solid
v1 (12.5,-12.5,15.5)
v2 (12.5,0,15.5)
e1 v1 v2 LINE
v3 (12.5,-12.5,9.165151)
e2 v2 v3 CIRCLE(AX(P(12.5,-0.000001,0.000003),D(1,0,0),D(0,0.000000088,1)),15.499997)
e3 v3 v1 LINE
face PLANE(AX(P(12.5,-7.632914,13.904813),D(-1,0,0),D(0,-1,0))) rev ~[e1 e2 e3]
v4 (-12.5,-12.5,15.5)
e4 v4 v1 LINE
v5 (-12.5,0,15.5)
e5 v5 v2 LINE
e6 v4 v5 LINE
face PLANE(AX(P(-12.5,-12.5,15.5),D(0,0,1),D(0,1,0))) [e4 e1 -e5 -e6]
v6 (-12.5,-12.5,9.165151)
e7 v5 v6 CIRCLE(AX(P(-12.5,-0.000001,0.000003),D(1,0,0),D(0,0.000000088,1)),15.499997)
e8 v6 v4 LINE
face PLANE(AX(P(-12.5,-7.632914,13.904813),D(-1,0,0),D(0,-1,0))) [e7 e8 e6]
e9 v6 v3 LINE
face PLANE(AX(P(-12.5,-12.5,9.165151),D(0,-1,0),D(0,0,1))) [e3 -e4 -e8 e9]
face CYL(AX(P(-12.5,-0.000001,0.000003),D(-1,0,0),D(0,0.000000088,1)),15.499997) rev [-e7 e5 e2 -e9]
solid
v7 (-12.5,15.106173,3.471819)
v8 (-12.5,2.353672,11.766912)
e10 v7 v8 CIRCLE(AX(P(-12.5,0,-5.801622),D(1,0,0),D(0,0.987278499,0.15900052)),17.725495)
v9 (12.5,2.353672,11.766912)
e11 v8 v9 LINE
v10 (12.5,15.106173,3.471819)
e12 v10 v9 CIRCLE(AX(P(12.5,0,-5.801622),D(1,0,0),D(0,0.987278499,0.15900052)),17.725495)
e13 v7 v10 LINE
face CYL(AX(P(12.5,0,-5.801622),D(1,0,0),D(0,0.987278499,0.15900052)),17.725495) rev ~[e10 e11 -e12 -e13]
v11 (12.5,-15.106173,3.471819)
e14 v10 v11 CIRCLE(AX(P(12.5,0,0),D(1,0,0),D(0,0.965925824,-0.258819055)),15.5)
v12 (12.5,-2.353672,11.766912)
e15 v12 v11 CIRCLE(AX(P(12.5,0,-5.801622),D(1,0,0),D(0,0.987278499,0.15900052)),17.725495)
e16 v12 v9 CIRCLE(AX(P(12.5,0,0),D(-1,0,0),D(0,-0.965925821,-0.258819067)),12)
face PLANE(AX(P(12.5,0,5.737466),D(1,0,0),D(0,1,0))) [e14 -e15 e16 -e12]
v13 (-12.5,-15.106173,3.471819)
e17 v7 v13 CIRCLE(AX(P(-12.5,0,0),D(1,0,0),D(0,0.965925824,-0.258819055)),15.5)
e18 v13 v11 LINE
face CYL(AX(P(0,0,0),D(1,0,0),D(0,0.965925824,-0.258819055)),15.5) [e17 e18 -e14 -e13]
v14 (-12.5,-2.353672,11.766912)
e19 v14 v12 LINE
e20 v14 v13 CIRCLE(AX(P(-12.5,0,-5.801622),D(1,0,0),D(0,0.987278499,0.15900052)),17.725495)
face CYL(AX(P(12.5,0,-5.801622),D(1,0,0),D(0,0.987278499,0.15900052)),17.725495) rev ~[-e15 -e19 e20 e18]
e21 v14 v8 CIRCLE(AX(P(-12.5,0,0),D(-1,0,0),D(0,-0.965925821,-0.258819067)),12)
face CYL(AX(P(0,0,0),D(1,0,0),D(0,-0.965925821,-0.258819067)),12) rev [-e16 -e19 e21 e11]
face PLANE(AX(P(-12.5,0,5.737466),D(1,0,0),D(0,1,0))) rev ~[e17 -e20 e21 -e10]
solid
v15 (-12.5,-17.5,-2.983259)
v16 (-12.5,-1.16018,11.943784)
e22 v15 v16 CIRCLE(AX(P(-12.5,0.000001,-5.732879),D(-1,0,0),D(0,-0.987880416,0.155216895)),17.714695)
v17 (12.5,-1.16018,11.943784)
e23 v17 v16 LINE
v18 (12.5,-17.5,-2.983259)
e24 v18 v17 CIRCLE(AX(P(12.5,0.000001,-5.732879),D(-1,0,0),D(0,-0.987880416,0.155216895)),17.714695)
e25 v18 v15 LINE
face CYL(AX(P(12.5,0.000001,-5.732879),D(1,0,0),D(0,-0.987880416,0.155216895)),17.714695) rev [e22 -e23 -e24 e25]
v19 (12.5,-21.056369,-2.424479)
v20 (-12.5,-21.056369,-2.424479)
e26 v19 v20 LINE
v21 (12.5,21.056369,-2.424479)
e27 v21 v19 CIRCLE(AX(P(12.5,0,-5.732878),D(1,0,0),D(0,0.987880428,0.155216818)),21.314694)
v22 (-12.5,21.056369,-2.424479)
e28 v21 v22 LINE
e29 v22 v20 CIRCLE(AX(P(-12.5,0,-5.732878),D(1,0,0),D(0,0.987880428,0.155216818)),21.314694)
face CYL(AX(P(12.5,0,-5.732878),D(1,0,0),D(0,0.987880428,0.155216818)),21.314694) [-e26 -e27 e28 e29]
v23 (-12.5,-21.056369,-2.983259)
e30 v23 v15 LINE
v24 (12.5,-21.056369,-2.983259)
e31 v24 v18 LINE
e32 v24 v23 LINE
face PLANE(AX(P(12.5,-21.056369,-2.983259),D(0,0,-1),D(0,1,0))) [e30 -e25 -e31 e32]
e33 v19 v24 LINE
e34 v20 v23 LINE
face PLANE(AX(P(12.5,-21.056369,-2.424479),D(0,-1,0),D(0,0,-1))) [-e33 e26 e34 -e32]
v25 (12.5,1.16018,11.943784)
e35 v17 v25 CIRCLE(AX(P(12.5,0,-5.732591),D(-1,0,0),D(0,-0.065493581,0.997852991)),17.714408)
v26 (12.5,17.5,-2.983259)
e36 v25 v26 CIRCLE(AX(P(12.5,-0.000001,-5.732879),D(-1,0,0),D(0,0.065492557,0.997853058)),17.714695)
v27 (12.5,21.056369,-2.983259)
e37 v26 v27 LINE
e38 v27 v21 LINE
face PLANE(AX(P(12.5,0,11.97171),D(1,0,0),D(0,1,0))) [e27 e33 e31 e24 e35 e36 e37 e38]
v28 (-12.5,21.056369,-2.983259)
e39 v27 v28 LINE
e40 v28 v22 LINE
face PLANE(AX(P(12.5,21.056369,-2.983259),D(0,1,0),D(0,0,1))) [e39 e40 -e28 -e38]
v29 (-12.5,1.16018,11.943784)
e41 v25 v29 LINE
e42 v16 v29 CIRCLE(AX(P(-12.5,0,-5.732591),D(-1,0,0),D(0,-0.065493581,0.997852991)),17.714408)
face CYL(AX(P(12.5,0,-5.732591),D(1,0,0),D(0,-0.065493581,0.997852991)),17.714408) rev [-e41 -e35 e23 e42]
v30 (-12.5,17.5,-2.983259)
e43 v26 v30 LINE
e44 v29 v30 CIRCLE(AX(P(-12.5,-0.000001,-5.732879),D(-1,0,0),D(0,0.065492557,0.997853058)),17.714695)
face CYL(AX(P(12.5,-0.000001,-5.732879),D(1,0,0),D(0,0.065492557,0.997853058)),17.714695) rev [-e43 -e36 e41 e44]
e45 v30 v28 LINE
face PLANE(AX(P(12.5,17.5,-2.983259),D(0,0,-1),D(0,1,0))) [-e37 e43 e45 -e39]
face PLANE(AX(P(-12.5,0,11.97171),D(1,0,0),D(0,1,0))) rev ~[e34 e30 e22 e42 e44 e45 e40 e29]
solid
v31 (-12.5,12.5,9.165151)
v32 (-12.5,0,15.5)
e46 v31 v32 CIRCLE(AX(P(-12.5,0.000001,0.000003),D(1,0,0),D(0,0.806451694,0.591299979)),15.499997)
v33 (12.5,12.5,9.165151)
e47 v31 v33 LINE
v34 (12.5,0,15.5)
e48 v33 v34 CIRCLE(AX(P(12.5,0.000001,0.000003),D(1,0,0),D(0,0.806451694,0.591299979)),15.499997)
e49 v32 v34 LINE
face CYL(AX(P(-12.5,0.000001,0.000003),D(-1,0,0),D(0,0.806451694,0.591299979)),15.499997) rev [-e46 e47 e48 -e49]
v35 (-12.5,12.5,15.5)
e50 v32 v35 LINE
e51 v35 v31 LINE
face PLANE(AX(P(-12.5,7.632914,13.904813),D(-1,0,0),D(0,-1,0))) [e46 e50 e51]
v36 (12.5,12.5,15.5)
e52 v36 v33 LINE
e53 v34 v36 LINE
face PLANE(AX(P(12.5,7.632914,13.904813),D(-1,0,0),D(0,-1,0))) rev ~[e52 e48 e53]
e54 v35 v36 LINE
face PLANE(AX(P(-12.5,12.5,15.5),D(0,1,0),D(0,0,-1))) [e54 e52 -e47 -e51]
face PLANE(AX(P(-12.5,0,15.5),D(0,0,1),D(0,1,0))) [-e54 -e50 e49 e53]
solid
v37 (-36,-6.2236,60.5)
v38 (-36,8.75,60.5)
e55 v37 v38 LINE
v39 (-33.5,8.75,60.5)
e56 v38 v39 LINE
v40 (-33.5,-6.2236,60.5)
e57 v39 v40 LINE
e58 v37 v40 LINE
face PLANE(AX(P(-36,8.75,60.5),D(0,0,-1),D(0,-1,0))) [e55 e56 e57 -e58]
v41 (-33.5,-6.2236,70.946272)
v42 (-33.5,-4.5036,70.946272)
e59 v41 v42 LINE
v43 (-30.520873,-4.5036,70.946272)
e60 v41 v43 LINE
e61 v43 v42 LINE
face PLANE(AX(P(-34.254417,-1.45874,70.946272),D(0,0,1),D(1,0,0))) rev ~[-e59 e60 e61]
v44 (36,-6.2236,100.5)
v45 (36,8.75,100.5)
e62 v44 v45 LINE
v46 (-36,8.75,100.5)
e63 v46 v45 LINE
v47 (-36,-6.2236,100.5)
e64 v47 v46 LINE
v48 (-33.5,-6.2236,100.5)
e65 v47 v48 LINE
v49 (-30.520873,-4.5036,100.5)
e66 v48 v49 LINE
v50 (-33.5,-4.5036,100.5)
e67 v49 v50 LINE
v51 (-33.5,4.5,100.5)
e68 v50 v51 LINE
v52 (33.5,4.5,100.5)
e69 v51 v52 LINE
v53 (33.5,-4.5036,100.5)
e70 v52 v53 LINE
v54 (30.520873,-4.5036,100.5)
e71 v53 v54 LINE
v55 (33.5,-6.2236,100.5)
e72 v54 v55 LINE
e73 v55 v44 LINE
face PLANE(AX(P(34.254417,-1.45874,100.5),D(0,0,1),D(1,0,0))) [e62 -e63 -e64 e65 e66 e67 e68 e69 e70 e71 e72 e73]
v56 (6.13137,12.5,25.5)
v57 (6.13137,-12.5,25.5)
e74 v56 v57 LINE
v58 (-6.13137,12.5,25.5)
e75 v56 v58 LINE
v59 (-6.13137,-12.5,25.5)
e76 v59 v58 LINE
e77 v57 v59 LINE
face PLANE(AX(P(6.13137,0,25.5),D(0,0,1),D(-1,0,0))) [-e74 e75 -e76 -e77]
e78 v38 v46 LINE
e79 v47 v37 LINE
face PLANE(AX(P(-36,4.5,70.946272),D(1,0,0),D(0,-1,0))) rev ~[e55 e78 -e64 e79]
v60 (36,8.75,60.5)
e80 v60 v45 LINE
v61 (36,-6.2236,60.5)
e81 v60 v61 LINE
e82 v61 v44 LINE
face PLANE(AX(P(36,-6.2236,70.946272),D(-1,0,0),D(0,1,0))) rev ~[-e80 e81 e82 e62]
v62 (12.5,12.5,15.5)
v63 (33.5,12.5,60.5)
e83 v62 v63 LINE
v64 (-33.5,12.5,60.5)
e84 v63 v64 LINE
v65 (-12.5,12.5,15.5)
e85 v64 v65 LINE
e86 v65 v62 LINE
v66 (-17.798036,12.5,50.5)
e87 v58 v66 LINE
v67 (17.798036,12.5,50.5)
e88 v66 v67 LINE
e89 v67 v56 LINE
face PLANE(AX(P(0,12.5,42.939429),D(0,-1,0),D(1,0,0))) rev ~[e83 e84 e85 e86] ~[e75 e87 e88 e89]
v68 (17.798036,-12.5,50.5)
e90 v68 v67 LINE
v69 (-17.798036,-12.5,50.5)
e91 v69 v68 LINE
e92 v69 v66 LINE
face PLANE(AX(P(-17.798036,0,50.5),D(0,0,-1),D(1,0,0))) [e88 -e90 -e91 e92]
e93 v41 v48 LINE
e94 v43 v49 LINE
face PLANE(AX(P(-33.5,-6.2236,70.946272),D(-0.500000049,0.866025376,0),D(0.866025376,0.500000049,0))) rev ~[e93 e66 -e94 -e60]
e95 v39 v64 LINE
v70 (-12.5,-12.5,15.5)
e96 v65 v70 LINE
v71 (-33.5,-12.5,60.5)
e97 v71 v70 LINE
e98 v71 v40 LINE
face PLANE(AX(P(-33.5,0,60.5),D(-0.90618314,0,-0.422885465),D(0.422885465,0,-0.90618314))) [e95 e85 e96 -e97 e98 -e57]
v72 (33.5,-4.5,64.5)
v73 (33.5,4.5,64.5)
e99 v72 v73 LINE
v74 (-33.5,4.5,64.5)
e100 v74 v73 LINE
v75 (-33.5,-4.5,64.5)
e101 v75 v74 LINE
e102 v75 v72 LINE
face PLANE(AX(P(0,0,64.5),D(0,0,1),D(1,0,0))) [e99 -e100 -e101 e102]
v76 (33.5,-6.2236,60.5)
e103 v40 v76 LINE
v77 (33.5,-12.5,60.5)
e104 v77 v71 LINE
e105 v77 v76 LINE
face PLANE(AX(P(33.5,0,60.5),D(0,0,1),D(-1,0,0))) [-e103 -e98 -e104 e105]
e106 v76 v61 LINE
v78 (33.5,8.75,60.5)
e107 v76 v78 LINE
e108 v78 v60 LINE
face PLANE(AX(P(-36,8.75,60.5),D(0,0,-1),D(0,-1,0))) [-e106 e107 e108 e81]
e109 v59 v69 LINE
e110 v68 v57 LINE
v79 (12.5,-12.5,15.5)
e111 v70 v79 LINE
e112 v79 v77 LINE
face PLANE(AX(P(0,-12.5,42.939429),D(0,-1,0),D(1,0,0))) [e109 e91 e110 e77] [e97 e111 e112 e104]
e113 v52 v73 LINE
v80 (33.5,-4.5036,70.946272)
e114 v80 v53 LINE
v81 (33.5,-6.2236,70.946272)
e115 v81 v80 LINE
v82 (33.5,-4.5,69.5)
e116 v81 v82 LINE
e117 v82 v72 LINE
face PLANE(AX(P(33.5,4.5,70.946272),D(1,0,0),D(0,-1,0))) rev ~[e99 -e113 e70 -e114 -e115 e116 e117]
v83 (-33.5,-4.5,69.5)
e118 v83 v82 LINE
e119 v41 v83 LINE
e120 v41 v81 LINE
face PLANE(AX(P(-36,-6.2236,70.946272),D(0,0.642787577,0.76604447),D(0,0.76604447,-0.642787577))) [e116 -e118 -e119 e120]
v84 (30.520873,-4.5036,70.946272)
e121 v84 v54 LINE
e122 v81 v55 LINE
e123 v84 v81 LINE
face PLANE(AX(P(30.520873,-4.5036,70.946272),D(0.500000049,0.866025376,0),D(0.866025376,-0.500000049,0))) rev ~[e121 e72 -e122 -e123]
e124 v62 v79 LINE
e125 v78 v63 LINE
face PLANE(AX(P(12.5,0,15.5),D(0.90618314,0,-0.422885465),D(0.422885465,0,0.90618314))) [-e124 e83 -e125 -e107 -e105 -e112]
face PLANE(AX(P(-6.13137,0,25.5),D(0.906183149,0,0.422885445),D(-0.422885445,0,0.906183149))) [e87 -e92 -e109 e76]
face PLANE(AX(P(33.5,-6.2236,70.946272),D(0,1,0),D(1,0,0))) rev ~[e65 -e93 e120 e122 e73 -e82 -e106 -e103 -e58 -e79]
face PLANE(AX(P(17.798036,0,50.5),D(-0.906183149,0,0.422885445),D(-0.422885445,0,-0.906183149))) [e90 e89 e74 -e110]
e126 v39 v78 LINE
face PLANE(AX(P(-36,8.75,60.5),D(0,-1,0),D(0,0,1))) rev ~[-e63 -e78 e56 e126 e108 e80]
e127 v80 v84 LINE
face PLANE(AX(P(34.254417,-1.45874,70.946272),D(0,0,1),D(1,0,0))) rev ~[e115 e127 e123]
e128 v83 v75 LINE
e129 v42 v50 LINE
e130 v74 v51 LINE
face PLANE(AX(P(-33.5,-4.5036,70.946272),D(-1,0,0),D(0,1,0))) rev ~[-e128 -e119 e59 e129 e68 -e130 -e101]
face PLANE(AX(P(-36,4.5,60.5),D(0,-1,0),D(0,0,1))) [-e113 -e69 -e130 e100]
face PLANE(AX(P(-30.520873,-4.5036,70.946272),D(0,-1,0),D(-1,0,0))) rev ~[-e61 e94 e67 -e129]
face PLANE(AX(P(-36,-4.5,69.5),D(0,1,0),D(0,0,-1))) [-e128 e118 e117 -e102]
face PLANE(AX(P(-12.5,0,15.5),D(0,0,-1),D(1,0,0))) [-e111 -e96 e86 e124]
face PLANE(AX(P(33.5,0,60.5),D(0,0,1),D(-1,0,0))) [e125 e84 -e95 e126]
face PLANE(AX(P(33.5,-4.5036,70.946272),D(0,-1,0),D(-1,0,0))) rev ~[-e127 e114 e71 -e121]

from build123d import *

# Parameters (mm, degrees)
F1_DEPTH  = 12.5
F3_DEPTH  = 12.5
F5_DEPTH  = 25
F6_W      = 72
F6_H      = 9
F7_DEPTH  = 4
F9_DEPTH  = 72
F10_W     = 2.5
F10_H     = 10.446272
F11_DEPTH = 10.7236
F12_W     = 4.25
F12_H     = 40
F13_DEPTH = 72
F15_DEPTH = 29.553728
F17_DEPTH = 29.553728
F19_DEPTH = 25
F21_DEPTH = 25


with BuildPart() as f1:
    # F0 (on Right) → F1 (new body, symmetric)
    with BuildSketch(Plane.YZ):
        with BuildLine():
            Line((11.59111, -3.105829), (14.97185, -4.011695))
            ThreePointArc((14.97185, -4.011695), (0, 15.5), (-14.97185, -4.011695))
            Line((-14.97185, -4.011695), (-11.59111, -3.105829))
            ThreePointArc((-11.59111, -3.105829), (0, 12), (11.59111, -3.105829))
        make_face()
    extrude(amount=F1_DEPTH, both=True)

    # F20 (on face) → F21 (cut)
    with BuildSketch(Plane.YZ.offset(12.5)):
        with BuildLine():
            Line((0.34308, -12.669018), (17.5, -2.983259))
            ThreePointArc((17.5, -2.983259), (0, 11.923873), (-17.5, -2.983259))
            Line((-17.5, -2.983259), (0.34308, -12.669018))
        make_face()
    extrude(amount=-F21_DEPTH, mode=Mode.SUBTRACT)


with BuildPart() as f3:
    # F2 (on Front) → F3 (new body, symmetric)
    with BuildSketch(Plane.XZ):
        Polygon((-33.5, 60.5), (-12.5, 15.5), (12.5, 15.5), (33.5, 60.5), (0, 60.5), align=None)
        Polygon((6.13137, 25.5), (-6.13137, 25.5), (-17.798036, 50.5), (17.798036, 50.5), align=None, mode=Mode.SUBTRACT)
    extrude(amount=F3_DEPTH, both=True)

    # F6 (on face) → F7 (join)
    with BuildSketch(Plane.XY.offset(60.5)):
        Rectangle(F6_W, F6_H)
    extrude(amount=F7_DEPTH)

    # F8 (on face) → F9 (join)
    with BuildSketch(Plane(origin=(-36, 0, 0), x_dir=(0, -1, 0), z_dir=(-1, 0, 0))):
        Polygon((4.5, 69.5), (4.5, 64.5), (4.5, 60.5), (6.2236, 60.5), (6.2236, 70.946272), align=None)
    extrude(amount=-F9_DEPTH)

    # F10 (on face) → F11 (join, through all)
    with BuildSketch(Plane.XZ.offset(6.2236)):
        with Locations((-34.75, 65.723136)):
            Rectangle(F10_W, F10_H)
        with Locations((34.75, 65.723136)):
            Rectangle(F10_W, F10_H)
    extrude(amount=-F11_DEPTH)

    # F12 (on face) → F13 (join, through all)
    with BuildSketch(Plane(origin=(-36, 0, 0), x_dir=(0, -1, 0), z_dir=(-1, 0, 0))):
        with Locations((-6.625, 80.5)):
            Rectangle(F12_W, F12_H)
    extrude(amount=-F13_DEPTH)

    # F14 (on face) → F15 (join, through all)
    with BuildSketch(Plane.XY.offset(70.946272)):
        Polygon((-36, -6.2236), (-33.5, -6.2236), (-30.520873, -4.5036), (-33.5, -4.5036), (-33.5, 4.5), (-36, 4.5), align=None)
    extrude(amount=F15_DEPTH)

    # F16 (on face) → F17 (join, through all)
    with BuildSketch(Plane.XY.offset(70.946272)):
        Polygon((36, 4.5), (33.5, 4.5), (33.5, -4.5036), (30.520873, -4.5036), (33.5, -6.2236), (36, -6.2236), align=None)
    extrude(amount=F17_DEPTH)


with BuildPart() as f5:
    # F4 (on face) → F5 (new body)
    with BuildSketch(Plane(origin=(-12.5, 0, 0), x_dir=(0, -1, 0), z_dir=(-1, 0, 0))):
        with BuildLine():
            ThreePointArc((-12.5, 9.165151), (-7.006788, 13.825879), (0, 15.5))
            Line((0, 15.5), (-12.5, 15.5))
            Line((-12.5, 15.5), (-12.5, 9.165151))
        make_face()
        with BuildLine():
            Line((12.5, 15.5), (0, 15.5))
            ThreePointArc((0, 15.5), (7.006788, 13.825879), (12.5, 9.165151))
            Line((12.5, 9.165151), (12.5, 15.5))
        make_face()
    extrude(amount=-F5_DEPTH)


with BuildPart() as f19:
    # F18 (on face) → F19 (new body)
    with BuildSketch(Plane.YZ.offset(12.5)):
        with BuildLine():
            ThreePointArc((-1.16018, 11.943784), (0, 11.981817), (1.16018, 11.943784))
            ThreePointArc((1.16018, 11.943784), (0, 12), (-1.16018, 11.943784))
        make_face()
        with BuildLine():
            ThreePointArc((-1.16018, 11.943784), (0, 12), (1.16018, 11.943784))
            ThreePointArc((1.16018, 11.943784), (11.948001, 7.345947), (17.5, -2.983259))
            Line((17.5, -2.983259), (21.056369, -2.983259))
            Line((21.056369, -2.983259), (21.056369, -2.424479))
            ThreePointArc((21.056369, -2.424479), (0, 15.581816), (-21.056369, -2.424479))
            Line((-21.056369, -2.424479), (-21.056369, -2.983259))
            Line((-21.056369, -2.983259), (-17.5, -2.983259))
            ThreePointArc((-17.5, -2.983259), (-11.948001, 7.345947), (-1.16018, 11.943784))
        make_face()
    extrude(amount=-F19_DEPTH)


solid = Compound([f1.part, f3.part, f5.part, f19.part])
